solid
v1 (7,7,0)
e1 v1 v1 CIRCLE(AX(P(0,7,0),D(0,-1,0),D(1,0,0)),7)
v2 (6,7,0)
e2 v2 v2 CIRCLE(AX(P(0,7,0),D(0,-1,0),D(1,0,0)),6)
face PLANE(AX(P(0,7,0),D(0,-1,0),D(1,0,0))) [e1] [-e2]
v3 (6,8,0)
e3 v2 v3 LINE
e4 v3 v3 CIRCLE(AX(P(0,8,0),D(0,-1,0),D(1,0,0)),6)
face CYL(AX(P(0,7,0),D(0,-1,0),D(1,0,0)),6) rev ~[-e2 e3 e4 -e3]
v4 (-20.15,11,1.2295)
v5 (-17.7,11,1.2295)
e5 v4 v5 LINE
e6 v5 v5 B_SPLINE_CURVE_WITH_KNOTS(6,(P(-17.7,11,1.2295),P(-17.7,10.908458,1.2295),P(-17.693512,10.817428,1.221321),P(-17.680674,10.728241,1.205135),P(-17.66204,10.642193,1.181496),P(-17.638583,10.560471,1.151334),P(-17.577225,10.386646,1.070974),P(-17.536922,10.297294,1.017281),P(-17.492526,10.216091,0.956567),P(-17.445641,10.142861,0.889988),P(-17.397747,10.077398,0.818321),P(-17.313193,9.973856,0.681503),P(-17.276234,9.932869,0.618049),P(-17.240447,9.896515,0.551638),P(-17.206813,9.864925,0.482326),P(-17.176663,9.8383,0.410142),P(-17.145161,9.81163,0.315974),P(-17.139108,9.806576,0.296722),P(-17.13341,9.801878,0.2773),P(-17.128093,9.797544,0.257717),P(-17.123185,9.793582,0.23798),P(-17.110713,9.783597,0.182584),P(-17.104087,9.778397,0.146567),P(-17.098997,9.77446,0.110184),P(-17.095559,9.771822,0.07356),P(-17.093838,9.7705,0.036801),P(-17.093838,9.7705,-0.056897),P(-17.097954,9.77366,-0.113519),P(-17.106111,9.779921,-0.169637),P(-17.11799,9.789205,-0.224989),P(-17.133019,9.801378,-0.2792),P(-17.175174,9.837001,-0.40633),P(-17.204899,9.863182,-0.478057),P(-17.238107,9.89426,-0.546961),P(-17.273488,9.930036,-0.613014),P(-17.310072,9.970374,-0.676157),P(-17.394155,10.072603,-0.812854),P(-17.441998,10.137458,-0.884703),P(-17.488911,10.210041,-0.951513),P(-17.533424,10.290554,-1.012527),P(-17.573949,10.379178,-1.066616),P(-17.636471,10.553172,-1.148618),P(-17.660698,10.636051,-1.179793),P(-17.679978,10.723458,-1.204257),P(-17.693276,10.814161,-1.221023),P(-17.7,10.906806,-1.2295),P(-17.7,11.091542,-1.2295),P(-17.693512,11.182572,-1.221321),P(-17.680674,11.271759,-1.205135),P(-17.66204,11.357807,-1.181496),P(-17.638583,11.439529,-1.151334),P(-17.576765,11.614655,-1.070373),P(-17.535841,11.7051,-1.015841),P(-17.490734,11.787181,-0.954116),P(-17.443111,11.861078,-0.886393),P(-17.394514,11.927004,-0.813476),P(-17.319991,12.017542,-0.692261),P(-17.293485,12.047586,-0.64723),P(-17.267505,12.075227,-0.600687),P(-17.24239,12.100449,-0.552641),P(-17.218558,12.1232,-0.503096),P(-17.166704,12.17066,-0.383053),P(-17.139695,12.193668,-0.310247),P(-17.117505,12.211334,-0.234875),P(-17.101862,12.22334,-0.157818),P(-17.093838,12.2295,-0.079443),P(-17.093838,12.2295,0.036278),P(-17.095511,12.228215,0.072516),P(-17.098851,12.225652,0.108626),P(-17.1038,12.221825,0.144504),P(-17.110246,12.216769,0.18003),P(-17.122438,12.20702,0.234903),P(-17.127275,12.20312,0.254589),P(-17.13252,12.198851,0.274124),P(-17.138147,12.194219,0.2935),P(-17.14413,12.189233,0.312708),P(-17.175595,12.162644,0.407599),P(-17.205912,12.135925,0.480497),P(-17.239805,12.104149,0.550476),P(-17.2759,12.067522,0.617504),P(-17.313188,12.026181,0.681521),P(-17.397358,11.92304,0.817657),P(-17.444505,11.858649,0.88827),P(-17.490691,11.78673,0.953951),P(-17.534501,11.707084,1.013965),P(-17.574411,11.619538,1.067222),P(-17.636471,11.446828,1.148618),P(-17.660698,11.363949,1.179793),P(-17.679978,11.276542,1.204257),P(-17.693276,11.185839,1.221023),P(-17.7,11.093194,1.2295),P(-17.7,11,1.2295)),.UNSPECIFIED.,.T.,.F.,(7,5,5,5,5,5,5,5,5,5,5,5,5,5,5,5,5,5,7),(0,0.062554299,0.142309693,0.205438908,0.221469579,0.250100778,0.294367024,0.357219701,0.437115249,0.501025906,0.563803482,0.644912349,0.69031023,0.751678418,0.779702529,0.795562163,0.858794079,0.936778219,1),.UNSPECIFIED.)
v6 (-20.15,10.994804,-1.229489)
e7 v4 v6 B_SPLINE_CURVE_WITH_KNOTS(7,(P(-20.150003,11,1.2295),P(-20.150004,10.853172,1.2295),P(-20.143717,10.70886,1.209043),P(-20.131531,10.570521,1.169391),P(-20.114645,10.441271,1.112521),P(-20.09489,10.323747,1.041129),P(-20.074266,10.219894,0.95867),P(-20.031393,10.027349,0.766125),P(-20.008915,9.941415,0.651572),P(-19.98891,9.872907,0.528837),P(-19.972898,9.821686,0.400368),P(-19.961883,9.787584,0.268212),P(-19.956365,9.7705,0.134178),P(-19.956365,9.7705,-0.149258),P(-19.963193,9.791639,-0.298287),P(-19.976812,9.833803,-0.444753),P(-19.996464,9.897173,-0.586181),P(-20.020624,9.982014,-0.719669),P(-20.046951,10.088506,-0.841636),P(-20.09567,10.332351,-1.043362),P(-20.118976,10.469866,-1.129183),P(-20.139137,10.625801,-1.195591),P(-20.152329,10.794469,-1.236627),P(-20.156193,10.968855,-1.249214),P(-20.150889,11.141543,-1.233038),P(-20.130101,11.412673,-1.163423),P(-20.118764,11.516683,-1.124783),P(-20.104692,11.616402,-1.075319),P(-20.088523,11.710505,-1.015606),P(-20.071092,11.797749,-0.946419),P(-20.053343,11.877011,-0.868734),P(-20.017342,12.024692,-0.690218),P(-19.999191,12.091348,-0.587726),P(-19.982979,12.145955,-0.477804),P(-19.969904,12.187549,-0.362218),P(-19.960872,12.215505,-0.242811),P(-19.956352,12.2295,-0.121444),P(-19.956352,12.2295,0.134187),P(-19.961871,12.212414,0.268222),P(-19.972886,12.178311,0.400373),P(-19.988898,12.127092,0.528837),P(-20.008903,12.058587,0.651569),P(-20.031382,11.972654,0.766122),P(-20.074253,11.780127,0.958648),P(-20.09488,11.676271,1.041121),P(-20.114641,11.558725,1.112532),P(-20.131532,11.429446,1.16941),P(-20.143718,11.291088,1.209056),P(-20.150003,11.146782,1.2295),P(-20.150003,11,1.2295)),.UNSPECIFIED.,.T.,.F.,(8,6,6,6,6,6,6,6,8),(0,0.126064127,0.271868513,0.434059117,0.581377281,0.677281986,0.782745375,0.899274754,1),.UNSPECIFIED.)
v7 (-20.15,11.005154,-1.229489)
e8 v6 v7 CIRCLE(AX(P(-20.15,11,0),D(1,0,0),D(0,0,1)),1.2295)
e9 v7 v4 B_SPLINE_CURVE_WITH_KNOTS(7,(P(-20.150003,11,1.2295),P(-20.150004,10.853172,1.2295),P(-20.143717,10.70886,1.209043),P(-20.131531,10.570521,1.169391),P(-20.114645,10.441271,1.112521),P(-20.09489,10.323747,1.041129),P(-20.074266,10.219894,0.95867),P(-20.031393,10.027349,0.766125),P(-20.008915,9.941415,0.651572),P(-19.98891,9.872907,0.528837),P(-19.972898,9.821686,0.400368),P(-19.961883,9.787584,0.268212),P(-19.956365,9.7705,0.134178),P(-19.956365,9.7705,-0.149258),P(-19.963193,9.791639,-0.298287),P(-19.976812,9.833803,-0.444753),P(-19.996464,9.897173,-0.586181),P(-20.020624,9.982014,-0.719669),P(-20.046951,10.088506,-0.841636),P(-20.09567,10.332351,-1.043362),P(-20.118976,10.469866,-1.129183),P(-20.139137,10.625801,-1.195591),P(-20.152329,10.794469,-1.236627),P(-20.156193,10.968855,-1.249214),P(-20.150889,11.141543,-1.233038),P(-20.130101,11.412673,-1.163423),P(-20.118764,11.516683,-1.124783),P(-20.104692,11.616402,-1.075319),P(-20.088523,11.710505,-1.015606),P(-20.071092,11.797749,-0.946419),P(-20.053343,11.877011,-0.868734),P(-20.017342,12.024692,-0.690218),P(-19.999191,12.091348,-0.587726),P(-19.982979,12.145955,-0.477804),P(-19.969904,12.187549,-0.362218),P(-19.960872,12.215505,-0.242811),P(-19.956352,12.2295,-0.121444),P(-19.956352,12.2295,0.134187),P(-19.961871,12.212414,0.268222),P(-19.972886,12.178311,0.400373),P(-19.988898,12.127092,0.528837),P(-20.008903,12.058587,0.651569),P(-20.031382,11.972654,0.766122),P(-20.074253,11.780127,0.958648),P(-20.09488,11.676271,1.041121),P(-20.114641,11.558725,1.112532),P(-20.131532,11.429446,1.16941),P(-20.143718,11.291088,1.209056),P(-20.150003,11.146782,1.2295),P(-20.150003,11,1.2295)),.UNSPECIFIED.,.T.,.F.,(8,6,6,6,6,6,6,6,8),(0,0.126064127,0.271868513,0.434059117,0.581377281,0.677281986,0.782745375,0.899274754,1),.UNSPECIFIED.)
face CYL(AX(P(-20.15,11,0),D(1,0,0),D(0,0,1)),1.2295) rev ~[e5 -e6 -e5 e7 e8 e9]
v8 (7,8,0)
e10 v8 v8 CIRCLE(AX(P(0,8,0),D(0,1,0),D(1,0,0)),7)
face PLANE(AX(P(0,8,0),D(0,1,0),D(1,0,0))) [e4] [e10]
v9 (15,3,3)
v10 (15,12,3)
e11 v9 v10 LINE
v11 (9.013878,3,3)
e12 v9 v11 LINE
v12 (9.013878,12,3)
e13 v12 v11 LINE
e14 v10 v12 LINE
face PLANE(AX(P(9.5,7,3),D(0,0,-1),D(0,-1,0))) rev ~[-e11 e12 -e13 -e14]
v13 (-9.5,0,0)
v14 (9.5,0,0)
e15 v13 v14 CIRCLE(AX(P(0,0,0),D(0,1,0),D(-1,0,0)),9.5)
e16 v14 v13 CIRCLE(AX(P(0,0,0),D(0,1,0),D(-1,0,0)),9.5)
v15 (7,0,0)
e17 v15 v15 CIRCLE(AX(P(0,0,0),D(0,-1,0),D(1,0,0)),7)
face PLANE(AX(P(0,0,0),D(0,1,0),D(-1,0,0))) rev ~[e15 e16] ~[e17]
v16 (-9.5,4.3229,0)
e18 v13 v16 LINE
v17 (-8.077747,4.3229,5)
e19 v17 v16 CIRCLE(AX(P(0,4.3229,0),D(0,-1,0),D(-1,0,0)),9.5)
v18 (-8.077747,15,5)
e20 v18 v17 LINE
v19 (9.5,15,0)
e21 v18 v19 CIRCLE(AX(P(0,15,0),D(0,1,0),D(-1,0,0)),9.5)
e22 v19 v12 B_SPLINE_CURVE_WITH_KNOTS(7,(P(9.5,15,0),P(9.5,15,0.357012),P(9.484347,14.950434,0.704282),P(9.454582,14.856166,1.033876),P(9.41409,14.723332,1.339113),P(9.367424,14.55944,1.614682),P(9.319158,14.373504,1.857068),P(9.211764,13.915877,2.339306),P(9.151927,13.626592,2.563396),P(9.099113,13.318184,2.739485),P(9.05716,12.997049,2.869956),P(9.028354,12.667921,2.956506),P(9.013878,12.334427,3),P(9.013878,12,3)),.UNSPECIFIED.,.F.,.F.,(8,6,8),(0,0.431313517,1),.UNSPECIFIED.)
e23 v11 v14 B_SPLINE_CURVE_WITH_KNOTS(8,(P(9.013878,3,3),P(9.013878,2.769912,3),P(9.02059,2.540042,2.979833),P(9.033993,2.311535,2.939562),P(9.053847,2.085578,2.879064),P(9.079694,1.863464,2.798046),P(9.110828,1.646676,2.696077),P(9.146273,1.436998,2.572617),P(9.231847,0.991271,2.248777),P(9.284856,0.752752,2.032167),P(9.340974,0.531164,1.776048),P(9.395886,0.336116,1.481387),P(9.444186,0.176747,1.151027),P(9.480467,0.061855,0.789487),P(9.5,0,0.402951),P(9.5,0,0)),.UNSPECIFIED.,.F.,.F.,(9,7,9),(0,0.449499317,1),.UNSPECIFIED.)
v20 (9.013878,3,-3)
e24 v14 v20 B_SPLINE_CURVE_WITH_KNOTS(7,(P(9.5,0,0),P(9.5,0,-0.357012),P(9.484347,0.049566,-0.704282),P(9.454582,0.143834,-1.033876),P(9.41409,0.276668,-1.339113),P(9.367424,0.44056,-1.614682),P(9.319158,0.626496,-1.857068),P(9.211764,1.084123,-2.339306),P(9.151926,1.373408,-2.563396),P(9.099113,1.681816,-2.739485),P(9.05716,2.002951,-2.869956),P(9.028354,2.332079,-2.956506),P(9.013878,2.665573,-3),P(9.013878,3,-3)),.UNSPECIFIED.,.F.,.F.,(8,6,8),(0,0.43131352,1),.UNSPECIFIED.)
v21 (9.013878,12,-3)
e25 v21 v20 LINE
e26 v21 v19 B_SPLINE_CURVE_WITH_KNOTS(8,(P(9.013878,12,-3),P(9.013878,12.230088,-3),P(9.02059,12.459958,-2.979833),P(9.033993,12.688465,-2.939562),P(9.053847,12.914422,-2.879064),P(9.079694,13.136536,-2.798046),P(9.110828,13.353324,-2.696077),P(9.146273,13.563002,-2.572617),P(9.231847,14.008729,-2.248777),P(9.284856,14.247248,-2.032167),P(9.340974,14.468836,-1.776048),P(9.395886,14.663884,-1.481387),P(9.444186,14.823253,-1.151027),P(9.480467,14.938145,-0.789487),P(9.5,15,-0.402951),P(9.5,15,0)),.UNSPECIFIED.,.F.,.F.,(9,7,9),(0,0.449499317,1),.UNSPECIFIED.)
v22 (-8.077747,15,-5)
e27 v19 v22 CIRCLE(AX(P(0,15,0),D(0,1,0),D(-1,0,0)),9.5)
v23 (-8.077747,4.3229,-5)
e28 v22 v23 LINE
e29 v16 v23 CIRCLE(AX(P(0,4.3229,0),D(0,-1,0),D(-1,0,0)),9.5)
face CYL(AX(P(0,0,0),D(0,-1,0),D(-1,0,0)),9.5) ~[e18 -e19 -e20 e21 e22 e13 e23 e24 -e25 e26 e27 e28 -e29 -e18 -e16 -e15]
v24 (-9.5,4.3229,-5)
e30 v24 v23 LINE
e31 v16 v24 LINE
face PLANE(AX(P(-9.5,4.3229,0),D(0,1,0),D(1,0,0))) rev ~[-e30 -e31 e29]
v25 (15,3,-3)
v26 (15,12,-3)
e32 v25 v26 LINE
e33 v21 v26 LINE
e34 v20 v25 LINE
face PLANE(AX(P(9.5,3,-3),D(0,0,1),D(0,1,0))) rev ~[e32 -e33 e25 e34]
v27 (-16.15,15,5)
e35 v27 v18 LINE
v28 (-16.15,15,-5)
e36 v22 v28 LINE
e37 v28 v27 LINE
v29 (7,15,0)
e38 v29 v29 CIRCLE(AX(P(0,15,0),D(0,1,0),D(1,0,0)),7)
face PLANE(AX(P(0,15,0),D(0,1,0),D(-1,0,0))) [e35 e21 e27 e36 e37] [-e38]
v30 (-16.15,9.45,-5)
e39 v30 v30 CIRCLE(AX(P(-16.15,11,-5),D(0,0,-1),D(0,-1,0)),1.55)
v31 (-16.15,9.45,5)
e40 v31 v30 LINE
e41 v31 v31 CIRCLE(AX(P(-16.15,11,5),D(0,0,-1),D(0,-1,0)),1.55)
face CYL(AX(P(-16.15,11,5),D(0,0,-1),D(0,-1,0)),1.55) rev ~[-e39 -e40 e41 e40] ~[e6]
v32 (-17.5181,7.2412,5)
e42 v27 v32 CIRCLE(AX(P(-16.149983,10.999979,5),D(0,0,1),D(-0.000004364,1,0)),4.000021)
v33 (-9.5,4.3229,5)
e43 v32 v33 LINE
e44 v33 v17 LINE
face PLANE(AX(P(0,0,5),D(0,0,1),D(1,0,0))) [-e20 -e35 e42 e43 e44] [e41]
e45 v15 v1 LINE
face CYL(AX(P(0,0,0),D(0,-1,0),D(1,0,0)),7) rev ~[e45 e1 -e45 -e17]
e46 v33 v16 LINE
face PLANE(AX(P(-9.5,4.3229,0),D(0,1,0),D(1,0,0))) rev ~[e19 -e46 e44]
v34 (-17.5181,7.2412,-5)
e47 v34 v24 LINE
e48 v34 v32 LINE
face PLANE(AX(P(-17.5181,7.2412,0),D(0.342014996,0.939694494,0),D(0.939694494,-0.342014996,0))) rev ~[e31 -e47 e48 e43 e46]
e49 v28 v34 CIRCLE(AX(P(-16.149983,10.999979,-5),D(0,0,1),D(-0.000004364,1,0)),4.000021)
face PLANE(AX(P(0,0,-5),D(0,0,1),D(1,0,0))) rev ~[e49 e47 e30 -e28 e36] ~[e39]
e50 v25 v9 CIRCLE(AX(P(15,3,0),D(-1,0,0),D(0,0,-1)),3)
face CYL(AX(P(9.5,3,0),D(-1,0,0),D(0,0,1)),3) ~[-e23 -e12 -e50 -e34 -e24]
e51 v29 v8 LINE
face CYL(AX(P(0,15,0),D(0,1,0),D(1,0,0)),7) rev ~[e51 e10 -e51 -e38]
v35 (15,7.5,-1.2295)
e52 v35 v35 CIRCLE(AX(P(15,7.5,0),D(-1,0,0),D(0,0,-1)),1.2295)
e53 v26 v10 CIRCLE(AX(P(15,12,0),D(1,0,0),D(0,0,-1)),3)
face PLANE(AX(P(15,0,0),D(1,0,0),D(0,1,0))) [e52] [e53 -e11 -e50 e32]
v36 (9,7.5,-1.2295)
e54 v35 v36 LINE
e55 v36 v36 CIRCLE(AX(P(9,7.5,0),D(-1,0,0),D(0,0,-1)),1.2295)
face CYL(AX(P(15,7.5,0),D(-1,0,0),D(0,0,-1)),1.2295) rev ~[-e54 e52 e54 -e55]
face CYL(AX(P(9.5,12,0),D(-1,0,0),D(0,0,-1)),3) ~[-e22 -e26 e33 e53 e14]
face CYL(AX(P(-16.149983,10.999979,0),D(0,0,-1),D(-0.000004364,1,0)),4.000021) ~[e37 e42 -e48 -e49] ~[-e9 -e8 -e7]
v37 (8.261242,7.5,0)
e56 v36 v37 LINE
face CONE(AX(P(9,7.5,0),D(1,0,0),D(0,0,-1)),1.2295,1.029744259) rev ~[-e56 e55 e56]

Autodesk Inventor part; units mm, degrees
ref_plane "XZ Plane" through (0, 0, 0) normal (0, 1, 0) x (-1, 0, 0)
ref_plane "XY Plane" through (0, 0, 0) normal (0, 0, 1) x (1, 0, 0)
sketch "Sketch1" plane through (0, 0, 0) normal (0, 1, 0) x (-1, 0, 0)
  circle A0 centre (0, 0) radius 9.5
  dimension "d0" = 19
extrude "Extrusion1" add sketch "Sketch1" along normal blind 15
sketch "Sketch2" plane through (0, 0, 0) normal (0, -1, 0) x (1, 0, 0)
  circle A0 centre (0, 0) radius 9.5 projected
  circle A1 centre (0, 0) radius 7
  dimension "d3" = 14
extrude "Extrusion2" cut sketch "Sketch2" against normal blind 7 contours A1
sketch "Sketch3" plane through (0, 15, 0) normal (0, 1, 0) x (1, 0, 0)
  circle A0 centre (0, 0) radius 9.5 projected
  circle A1 centre (0, 0) radius 7
  dimension "d6" = 14
extrude "Extrusion3" cut sketch "Sketch3" against normal blind 7 contours A1
sketch "Sketch5" plane through (0, 7, 0) normal (0, -1, 0) x (1, 0, 0)
  circle A0 centre (0, 0) radius 7 projected
  circle A1 centre (0, 0) radius 6
  dimension "d9" = 12
extrude "Extrusion4" cut sketch "Sketch5" against normal through all contours A1
ref_plane "Work Plane1" through (9.5, 0, 0) normal (1, 0, 0) x (0, 1, 0)
sketch "Sketch6" plane through (9.5, 0, 0) normal (1, 0, 0) x (0, 1, 0)
  line L0 (0, 9.5) -> (15, 9.5) projected
  line L1 (12, 0) -> (3, 0) construction
  line L2 (7, -7) -> (7, 7) projected
  line L3 (12, 3) -> (3, 3)
  line L4 (3, -3) -> (12, -3)
  arc A0 (12, -3) -> (12, 3) centre (12, 0) ccw
  arc A1 (3, 3) -> (3, -3) centre (3, 0) ccw
  line L5 (0, 9.5) -> (0, -9.5) projected
  line L6 (15, -9.5) -> (15, 9.5) projected
  point P0 (0, 0)
  point P1 (7.5, 0)
  point P2 (15, 0)
  dimension "d13" = 3
extrude "Extrusion5" add sketch "Sketch6" along normal blind 5.5 and the other way blind 1.25 contours A1 L3 L2 L4 | A0 L4 L2 L3
sketch "Sketch7" plane through (0, 0, 0) normal (0, 0, 1) x (1, 0, 0)
  line L0 (-7, 7) -> (-7, 0) construction
  line L1 (-7, 0) -> (-9.5, 0) construction
  line L2 (-9.5, 0) -> (-9.5, 15) construction
  line L3 (-9.5, 15) -> (-7, 15) construction
  line L4 (-7, 15) -> (-7, 8) construction
  line L5 (-7, 8) -> (-6, 8) construction
  line L6 (-6, 8) -> (-6, 7) construction
  line L7 (-6, 7) -> (-7, 7) construction
  line L8 (7, 0) -> (7, 7) construction
  line L9 (7, 7) -> (6, 7) construction
  line L10 (6, 7) -> (6, 8) construction
  line L11 (6, 8) -> (7, 8) construction
  line L12 (7, 8) -> (7, 15) construction
  line L13 (7, 15) -> (9.5, 15) construction
  line L14 (9.5, 15) -> (15, 15) construction
  line L15 (15, 15) -> (15, 0) construction
  line L16 (15, 0) -> (9.5, 0) construction
  line L17 (9.5, 0) -> (7, 0) construction
  line L18 (-9.5, 15) -> (-16.15, 15)
  line L19 (-17.5181, 7.2412) -> (-9.5, 4.3229)
  line L20 (-9.5, 4.3229) -> (-7.9897, 4.3229)
  line L21 (-7.9897, 4.3229) -> (-7.9897, 15)
  line L22 (-9.5, 15) -> (-7.9897, 15)
  line L23 (9.5, 15) -> (-9.5, 15) projected
  arc A0 (-16.15, 15) -> (-17.5181, 7.2412) centre (-16.15, 11) ccw
  point P0 (0, 0)
  dimension "d18" = 4
  dimension "d19" = 20
  dimension "d21" = 16.15
extrude "Extrusion6" add sketch "Sketch7" along normal mid plane 10
hole "Hole1" at (-16.15, 11, 5) direction (0, 0, -1) diameter 3.1 end through all
sketch "Sketch8" plane through (15, 0, 0) normal (1, 0, 0) x (0, 0, -1)
  arc A0 (3, 12) -> (-3, 12) centre (0, 12) ccw projected
  line L0 (0, 15) -> (0, 7.5)
  point P0 (0, 0)
hole "Hole2" at (15, 7.5, 0) direction (-1, 0, 0) diameter 2.459 depth 6 tip angle 118 thread size "M3x0.5" class "6H" standard "ISO Metric profile"
ref_plane "Work Plane2" through (-20.15, 11, 0) normal (1, 0, 0) x (0, 1, 0)
sketch "Sketch9" plane through (-20.15, 11, 0) normal (1, 0, 0) x (0, 1, 0)
  line L0 (-1.55, 5) -> (1.55, 5) projected
  line L1 (0, 5) -> (0, 0)
  point P0 (-11, 0)
hole "Hole3" at (-20.15, 11, 0) direction (1, 0, 0) diameter 2.459 depth 4 tip angle 118 thread size "M3x0.5" class "6H" standard "ISO Metric profile"
properties part number "500-007" material "Steel"
